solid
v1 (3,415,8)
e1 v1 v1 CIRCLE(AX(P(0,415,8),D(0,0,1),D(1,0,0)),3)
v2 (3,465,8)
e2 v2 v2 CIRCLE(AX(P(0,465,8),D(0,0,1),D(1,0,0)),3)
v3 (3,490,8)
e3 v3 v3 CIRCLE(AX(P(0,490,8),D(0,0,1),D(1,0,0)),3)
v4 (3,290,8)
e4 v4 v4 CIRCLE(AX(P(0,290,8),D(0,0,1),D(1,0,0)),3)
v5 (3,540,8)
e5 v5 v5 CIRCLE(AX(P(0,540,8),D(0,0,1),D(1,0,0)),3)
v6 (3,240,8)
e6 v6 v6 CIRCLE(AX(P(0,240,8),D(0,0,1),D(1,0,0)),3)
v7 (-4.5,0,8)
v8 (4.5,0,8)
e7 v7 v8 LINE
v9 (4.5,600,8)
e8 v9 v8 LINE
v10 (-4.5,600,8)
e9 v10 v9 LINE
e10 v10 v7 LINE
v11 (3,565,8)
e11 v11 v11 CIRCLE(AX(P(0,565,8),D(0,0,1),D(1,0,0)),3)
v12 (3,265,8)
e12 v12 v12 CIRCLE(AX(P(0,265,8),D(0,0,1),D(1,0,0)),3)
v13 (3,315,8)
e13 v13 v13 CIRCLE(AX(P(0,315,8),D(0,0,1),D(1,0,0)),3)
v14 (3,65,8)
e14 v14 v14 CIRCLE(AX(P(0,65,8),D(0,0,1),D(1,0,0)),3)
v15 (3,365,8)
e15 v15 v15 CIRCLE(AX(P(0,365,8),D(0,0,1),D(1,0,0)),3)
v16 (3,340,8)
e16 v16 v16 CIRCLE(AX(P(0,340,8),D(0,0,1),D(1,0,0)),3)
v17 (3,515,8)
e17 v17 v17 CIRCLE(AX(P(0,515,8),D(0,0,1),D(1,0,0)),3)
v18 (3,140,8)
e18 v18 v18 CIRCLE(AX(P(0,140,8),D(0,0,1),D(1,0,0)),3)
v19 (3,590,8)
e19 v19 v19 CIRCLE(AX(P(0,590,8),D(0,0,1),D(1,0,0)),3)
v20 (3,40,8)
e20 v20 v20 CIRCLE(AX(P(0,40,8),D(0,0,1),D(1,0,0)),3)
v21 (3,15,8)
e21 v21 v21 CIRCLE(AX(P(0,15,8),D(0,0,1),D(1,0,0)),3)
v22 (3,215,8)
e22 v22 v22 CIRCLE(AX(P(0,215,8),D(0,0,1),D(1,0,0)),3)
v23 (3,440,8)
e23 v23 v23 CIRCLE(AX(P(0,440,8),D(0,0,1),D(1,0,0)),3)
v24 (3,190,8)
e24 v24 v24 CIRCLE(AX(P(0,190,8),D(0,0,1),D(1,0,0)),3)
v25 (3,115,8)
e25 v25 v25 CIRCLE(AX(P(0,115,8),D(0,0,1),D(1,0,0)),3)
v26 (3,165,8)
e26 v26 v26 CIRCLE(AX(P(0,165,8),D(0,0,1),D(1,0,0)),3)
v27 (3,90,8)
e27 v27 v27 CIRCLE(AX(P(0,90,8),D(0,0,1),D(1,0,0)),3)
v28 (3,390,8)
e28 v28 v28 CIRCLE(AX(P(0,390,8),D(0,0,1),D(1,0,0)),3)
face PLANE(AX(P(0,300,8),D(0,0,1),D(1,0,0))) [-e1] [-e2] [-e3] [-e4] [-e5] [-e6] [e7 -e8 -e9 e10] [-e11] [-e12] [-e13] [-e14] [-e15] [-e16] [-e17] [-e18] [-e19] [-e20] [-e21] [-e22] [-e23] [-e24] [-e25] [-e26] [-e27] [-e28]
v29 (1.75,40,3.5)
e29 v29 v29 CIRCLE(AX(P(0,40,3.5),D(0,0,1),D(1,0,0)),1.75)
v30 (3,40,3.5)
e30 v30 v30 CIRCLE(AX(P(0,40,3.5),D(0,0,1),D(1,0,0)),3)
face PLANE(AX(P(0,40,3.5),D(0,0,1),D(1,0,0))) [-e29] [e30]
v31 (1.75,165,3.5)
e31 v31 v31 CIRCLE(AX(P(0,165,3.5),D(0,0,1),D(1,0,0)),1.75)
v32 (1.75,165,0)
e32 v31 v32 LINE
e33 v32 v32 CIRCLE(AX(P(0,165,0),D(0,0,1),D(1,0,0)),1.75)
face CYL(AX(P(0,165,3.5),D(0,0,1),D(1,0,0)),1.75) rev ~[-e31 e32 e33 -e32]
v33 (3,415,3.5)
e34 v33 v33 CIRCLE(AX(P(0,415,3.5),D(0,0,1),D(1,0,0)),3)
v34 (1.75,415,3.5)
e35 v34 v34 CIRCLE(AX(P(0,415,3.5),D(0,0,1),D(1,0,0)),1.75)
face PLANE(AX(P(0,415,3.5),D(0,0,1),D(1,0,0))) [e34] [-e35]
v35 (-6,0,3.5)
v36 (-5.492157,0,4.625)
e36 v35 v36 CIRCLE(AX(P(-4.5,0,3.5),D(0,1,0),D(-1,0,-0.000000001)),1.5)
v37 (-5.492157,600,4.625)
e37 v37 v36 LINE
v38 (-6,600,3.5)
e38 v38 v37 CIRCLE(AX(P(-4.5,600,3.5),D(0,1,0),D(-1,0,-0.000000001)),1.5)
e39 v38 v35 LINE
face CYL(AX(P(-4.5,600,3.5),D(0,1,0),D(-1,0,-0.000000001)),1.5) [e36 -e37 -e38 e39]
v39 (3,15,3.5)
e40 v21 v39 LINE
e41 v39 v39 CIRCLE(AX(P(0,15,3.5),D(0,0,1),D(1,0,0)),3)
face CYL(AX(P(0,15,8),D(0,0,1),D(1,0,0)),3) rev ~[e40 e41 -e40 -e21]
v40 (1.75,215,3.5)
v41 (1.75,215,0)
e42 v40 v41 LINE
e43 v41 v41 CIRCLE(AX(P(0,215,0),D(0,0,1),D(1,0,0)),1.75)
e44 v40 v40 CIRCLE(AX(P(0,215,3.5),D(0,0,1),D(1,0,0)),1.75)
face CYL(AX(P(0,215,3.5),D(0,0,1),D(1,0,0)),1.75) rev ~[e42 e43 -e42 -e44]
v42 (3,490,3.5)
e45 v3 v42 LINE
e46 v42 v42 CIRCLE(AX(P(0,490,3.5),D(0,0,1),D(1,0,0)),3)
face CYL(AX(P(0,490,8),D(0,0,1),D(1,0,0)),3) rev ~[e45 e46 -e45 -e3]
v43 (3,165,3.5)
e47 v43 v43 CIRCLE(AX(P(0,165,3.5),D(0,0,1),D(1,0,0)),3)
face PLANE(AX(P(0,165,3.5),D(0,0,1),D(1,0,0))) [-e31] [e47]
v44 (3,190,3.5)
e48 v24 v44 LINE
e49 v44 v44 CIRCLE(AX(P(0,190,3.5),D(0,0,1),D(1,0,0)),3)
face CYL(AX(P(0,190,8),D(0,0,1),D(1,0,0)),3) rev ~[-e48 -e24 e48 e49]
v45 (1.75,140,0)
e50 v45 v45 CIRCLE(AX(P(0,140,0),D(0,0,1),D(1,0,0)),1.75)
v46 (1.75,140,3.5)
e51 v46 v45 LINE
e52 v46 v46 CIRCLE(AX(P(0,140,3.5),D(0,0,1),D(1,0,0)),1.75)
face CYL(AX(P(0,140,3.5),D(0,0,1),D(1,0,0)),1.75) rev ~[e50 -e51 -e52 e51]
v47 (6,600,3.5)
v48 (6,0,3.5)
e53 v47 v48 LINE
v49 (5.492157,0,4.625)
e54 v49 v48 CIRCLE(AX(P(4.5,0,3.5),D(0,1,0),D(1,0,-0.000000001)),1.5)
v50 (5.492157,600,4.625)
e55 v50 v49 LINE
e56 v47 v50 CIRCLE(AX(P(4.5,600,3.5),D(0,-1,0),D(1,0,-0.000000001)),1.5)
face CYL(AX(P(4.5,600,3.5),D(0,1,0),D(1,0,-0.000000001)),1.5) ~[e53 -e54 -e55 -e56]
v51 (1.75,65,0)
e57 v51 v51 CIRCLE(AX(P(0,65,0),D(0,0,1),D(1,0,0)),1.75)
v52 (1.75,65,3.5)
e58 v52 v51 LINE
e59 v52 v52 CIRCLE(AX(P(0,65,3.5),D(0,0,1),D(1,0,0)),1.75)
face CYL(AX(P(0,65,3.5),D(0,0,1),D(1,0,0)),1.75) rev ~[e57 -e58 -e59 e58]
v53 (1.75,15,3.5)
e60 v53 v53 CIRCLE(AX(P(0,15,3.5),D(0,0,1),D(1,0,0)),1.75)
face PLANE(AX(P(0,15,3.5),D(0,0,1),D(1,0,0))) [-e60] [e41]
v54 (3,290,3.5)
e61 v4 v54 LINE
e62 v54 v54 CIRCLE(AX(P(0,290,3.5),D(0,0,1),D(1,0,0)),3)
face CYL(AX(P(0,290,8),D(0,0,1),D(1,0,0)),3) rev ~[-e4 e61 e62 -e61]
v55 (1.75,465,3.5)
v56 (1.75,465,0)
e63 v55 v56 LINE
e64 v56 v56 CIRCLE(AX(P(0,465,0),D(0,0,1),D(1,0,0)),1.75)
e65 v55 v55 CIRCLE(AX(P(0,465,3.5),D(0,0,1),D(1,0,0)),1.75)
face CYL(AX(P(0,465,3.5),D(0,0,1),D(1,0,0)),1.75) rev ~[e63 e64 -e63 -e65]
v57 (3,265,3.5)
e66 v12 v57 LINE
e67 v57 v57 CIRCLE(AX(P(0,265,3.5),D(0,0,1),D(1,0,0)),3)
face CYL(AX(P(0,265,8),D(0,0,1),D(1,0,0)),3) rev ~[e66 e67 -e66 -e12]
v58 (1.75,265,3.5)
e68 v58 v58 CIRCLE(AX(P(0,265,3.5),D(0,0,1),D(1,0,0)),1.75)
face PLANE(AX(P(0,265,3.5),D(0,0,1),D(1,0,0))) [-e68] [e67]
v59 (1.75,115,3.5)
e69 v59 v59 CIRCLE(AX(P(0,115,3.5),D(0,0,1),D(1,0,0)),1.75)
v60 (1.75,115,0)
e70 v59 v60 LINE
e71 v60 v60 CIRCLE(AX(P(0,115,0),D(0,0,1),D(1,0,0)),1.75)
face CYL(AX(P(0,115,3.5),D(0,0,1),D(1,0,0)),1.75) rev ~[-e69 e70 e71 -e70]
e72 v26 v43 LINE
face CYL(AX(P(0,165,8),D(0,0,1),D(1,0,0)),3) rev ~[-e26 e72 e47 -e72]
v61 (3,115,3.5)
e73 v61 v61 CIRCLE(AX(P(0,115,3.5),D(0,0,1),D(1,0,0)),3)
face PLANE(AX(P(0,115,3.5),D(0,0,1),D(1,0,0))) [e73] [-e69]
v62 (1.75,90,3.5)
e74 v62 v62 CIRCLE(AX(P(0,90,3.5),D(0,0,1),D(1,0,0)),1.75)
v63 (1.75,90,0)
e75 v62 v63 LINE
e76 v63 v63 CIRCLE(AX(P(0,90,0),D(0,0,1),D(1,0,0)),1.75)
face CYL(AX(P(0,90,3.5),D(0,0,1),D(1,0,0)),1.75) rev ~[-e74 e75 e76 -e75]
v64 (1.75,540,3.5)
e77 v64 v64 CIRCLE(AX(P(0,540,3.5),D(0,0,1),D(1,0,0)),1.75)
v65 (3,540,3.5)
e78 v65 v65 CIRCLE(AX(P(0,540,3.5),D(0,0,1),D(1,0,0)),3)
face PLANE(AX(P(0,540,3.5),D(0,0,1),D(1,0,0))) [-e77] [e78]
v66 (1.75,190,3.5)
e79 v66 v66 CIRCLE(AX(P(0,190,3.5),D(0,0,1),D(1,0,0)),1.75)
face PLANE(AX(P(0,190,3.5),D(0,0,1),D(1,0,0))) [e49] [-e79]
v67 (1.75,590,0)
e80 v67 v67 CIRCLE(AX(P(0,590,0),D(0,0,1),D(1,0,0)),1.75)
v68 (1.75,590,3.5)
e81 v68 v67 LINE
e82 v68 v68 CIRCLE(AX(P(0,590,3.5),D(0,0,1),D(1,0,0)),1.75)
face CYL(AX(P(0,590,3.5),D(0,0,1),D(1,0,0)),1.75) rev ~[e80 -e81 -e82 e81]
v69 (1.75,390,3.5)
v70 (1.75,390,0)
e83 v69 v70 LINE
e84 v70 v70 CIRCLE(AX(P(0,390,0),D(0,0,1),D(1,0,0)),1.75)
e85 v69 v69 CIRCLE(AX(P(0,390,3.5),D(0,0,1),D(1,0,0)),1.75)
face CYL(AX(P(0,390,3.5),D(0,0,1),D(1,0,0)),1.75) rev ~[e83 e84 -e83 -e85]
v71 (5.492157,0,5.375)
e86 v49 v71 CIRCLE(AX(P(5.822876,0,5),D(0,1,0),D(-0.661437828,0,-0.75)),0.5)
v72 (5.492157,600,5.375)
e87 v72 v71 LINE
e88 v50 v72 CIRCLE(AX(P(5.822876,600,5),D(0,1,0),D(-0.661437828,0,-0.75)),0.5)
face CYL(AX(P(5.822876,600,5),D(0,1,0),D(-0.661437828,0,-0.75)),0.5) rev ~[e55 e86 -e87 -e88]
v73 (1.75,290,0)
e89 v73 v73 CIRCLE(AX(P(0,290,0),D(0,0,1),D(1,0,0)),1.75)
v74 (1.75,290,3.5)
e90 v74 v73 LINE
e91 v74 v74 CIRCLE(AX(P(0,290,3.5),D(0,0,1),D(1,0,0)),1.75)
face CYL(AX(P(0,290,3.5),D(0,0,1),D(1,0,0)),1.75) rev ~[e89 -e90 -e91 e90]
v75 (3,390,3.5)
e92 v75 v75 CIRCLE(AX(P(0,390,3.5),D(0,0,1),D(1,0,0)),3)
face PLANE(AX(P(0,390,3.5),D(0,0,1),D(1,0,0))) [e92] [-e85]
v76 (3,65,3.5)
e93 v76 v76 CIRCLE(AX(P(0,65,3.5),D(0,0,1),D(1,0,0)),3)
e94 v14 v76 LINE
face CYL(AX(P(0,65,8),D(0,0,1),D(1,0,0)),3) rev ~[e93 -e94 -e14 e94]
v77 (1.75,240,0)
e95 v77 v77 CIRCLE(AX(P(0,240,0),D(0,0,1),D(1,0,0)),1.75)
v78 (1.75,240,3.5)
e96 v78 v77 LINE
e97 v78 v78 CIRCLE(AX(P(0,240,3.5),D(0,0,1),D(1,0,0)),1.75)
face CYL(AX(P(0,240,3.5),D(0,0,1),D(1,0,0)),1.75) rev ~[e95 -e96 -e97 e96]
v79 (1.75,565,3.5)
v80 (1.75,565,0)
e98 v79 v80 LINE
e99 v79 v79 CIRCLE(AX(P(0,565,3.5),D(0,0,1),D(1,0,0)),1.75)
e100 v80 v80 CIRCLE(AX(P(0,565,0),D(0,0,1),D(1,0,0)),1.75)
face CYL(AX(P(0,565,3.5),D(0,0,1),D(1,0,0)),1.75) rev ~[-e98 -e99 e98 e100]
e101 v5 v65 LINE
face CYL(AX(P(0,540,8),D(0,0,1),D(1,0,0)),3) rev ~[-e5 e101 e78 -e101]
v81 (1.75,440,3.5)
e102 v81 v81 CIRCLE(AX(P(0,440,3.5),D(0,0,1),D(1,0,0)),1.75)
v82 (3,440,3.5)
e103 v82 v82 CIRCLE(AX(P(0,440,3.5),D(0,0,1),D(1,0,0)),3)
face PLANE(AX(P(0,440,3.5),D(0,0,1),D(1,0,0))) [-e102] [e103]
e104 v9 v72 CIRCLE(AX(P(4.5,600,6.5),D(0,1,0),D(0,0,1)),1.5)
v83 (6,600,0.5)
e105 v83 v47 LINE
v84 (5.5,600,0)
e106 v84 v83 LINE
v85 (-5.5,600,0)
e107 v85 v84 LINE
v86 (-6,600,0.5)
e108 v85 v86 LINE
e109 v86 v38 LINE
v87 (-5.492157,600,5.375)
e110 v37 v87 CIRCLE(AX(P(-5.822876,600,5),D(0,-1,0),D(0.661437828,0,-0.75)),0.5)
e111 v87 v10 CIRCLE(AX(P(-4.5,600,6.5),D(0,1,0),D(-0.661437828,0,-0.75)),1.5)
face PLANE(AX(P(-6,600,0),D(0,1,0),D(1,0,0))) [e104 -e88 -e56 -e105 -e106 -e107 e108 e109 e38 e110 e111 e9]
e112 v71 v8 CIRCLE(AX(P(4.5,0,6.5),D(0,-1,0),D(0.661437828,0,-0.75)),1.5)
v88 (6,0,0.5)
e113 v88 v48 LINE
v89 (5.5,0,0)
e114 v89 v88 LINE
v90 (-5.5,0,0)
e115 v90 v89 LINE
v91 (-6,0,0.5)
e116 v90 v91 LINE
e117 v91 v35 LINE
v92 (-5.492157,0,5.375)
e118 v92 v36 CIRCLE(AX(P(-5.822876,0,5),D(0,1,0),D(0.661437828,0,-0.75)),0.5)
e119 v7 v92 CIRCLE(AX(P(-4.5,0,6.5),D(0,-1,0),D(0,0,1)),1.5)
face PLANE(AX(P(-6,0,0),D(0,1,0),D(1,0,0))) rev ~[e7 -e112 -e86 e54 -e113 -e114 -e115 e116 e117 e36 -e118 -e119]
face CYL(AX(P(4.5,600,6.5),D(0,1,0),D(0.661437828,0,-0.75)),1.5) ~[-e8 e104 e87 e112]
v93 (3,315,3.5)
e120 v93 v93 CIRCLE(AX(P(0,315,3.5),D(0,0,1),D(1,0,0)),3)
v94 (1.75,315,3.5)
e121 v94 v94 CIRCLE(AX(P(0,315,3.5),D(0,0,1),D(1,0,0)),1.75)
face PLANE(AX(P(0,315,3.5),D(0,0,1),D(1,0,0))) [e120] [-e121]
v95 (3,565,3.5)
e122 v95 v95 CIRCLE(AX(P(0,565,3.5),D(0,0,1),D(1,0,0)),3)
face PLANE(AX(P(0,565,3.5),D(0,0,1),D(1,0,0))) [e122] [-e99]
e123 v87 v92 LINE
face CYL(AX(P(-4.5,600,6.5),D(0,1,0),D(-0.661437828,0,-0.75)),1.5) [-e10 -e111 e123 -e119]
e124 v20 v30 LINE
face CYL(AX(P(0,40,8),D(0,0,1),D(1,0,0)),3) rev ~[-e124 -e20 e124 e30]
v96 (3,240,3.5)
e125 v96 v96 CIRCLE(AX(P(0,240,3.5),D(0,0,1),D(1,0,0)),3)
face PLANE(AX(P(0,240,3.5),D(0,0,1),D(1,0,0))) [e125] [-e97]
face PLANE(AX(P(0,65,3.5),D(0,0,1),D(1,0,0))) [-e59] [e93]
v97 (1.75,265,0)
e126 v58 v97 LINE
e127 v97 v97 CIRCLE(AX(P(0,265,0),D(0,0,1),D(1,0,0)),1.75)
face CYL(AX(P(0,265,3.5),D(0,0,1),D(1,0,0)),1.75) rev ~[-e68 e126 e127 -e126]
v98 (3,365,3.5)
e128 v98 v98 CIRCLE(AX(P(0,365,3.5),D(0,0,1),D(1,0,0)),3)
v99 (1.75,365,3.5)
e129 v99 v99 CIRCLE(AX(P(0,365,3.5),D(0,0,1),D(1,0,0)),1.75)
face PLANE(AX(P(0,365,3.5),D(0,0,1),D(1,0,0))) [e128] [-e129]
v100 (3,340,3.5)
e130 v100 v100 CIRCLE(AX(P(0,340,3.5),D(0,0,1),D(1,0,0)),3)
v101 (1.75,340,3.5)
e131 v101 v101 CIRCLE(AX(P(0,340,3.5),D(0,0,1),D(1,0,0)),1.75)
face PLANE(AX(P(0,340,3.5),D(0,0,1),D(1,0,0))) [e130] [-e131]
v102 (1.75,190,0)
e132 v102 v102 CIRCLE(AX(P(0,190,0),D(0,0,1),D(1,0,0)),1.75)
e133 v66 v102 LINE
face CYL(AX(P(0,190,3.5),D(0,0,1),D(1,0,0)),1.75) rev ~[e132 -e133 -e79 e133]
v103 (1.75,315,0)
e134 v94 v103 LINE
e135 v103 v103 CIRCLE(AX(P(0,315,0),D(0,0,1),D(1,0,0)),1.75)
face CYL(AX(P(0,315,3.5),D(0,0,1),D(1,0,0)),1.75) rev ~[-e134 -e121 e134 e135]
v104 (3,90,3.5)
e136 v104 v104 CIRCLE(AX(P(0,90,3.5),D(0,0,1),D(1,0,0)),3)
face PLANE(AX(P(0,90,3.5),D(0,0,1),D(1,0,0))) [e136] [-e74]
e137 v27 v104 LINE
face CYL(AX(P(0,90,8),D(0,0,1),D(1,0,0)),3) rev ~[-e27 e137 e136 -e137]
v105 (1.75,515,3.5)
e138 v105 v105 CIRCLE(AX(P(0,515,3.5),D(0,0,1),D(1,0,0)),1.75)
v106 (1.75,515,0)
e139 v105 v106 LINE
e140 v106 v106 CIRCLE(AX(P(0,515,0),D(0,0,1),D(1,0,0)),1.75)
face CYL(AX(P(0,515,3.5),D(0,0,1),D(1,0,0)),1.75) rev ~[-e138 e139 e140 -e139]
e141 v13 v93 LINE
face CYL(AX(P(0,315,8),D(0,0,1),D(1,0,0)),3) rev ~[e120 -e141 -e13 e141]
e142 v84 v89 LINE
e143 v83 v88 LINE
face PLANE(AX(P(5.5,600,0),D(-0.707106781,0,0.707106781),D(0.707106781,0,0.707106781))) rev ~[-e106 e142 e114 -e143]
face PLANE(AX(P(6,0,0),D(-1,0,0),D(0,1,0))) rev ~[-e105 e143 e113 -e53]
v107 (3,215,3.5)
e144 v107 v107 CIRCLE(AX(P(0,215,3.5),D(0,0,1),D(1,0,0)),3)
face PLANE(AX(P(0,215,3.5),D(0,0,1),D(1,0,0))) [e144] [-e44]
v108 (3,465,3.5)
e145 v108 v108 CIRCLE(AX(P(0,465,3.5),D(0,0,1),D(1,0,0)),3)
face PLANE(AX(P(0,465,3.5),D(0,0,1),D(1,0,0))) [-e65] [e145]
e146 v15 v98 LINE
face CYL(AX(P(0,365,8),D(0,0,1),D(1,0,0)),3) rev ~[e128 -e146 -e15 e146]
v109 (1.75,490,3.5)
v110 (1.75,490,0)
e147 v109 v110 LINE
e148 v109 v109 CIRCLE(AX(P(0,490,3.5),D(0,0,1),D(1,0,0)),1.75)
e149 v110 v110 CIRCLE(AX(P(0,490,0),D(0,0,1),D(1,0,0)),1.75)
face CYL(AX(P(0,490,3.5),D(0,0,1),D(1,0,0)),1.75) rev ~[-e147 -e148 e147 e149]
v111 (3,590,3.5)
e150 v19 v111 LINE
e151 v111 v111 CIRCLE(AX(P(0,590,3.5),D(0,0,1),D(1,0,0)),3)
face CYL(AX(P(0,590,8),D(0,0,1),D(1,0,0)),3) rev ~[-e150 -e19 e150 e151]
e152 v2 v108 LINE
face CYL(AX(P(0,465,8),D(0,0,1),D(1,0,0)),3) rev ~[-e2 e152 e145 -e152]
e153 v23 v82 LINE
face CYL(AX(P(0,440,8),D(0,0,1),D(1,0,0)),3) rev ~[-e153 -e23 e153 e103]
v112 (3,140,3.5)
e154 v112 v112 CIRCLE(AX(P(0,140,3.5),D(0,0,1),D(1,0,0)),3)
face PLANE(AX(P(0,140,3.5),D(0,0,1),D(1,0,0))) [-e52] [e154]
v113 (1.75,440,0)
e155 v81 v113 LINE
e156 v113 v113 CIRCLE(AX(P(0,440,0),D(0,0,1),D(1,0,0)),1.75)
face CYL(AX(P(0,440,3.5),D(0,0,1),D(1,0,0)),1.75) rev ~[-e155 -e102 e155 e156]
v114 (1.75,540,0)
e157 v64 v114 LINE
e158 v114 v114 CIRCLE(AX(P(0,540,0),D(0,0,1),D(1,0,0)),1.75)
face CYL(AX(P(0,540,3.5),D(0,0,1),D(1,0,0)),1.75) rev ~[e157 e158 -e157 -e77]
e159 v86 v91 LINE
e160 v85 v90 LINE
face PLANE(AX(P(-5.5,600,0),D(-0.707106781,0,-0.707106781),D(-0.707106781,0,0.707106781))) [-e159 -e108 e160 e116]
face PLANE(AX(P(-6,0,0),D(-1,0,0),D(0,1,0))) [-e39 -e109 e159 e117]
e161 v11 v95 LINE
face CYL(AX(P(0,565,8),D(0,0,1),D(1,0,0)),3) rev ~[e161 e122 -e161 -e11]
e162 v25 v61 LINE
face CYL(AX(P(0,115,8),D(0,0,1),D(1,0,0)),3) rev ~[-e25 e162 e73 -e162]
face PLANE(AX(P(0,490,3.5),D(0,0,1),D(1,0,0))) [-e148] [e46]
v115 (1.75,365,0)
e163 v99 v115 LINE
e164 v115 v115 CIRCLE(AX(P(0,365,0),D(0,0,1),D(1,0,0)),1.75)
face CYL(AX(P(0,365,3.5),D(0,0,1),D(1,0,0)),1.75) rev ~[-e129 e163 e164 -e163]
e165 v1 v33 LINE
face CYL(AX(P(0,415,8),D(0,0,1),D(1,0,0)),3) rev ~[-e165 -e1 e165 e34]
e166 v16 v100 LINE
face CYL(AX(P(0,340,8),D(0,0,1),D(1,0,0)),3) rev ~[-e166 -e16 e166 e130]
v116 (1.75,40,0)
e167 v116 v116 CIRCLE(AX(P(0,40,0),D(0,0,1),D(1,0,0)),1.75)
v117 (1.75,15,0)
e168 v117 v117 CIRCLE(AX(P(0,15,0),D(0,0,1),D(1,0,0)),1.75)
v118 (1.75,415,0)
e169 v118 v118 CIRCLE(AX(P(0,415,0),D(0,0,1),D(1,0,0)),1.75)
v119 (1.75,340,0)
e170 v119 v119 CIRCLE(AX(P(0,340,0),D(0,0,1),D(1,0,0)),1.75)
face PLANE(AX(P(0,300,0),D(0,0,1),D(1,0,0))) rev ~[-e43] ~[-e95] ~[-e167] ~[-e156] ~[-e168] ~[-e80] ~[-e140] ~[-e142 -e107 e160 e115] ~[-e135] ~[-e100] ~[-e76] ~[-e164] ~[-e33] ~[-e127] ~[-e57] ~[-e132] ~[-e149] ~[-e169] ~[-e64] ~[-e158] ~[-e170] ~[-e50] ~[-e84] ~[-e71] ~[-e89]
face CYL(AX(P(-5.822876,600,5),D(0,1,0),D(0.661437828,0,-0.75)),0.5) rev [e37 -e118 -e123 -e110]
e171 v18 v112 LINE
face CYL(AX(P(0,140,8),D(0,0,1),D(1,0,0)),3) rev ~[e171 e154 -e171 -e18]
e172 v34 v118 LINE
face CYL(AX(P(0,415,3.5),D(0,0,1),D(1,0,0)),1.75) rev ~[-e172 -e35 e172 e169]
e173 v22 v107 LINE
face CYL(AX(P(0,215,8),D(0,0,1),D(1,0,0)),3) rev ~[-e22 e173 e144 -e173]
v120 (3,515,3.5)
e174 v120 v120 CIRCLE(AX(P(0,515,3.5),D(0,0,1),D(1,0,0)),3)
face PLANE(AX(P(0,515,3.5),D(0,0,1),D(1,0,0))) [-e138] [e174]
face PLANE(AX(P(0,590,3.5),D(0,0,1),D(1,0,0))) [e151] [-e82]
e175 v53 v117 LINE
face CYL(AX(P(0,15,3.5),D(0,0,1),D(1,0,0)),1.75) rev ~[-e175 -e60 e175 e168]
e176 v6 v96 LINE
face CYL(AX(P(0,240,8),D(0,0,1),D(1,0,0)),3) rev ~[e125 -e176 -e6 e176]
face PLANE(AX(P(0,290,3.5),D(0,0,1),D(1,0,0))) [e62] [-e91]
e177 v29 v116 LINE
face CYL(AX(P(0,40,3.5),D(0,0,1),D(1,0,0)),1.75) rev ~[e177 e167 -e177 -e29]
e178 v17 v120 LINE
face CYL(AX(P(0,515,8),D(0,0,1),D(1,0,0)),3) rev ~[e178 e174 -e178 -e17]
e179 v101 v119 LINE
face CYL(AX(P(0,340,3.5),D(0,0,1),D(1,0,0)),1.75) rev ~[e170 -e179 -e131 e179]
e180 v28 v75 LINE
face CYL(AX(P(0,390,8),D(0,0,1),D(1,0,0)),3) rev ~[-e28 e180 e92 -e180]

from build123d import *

# Parameters (mm, degrees)
SKETCH1_W           = 12
SKETCH1_H           = 600
BOSS_EXTRUDE1_DEPTH = 8
CUT_EXTRUDE1_DEPTH  = 601.083327547
SKETCH3_R           = 3
CUT_EXTRUDE2_DEPTH  = 4.5
SKETCH4_R           = 1.75
CUT_EXTRUDE3_DEPTH  = 601.046873169
LPATTERN1_COUNT     = 24
LPATTERN1_PITCH     = 25


with BuildPart() as part:
    # Sketch1 → Boss-Extrude1 (new body)
    with BuildSketch(Plane.XY):
        with Locations((0, 300)):
            Rectangle(SKETCH1_W, SKETCH1_H)
    extrude(amount=BOSS_EXTRUDE1_DEPTH)

    # Sketch2 → Cut-Extrude1 (cut, through all)
    with BuildSketch(Plane(origin=(0, 600, 0), x_dir=(1, 0, 0), z_dir=(0, 1, 0))):
        with BuildLine():
            Line((-5.5, 0), (-6, -0.5))
            Line((-6, -0.5), (-6, -3.5))
            ThreePointArc((-6, -3.5), (-5.867156742, -4.117156742), (-5.492156742, -4.625))
            ThreePointArc((-5.492156742, -4.625), (-5.322875656, -5), (-5.492156742, -5.375))
            ThreePointArc((-5.492156742, -5.375), (-5.90312152, -7.030330086), (-4.5, -8))
            Line((-4.5, -8), (-7.760322007, -8))
            Line((-7.760322007, -8), (-7.760322007, 0))
            Line((-7.760322007, 0), (-5.5, 0))
        make_face()
        with BuildLine():
            Line((6, -0.5), (6, -3.5))
            ThreePointArc((6, -3.5), (5.867156742, -4.117156742), (5.492156742, -4.625))
            ThreePointArc((5.492156742, -4.625), (5.322875656, -5), (5.492156742, -5.375))
            ThreePointArc((5.492156742, -5.375), (5.90312152, -7.030330086), (4.5, -8))
            Line((4.5, -8), (7.760322007, -8))
            Line((7.760322007, -8), (7.760322007, 0))
            Line((7.760322007, 0), (5.5, 0))
            Line((5.5, 0), (6, -0.5))
        make_face()
    extrude(amount=-CUT_EXTRUDE1_DEPTH, mode=Mode.SUBTRACT)

    # Sketch3 → Cut-Extrude2 (cut)
    with BuildSketch(Plane.XY.offset(8)):
        with Locations((0, 590)):
            Circle(SKETCH3_R)
    cut_extrude2 = extrude(amount=-CUT_EXTRUDE2_DEPTH, mode=Mode.SUBTRACT)

    # Sketch4 → Cut-Extrude3 (cut, through all)
    with BuildSketch(Plane.XY.offset(3.5)):
        with Locations((0, 590)):
            Circle(SKETCH4_R)
    cut_extrude3 = extrude(amount=-CUT_EXTRUDE3_DEPTH, mode=Mode.SUBTRACT)

    # LPattern1: Cut-Extrude2, Cut-Extrude3 ×24
    with Locations(*[(0, -i * LPATTERN1_PITCH, 0) for i in range(1, LPATTERN1_COUNT)]):
        add(cut_extrude2, mode=Mode.SUBTRACT)
        add(cut_extrude3, mode=Mode.SUBTRACT)


solid = part.part
